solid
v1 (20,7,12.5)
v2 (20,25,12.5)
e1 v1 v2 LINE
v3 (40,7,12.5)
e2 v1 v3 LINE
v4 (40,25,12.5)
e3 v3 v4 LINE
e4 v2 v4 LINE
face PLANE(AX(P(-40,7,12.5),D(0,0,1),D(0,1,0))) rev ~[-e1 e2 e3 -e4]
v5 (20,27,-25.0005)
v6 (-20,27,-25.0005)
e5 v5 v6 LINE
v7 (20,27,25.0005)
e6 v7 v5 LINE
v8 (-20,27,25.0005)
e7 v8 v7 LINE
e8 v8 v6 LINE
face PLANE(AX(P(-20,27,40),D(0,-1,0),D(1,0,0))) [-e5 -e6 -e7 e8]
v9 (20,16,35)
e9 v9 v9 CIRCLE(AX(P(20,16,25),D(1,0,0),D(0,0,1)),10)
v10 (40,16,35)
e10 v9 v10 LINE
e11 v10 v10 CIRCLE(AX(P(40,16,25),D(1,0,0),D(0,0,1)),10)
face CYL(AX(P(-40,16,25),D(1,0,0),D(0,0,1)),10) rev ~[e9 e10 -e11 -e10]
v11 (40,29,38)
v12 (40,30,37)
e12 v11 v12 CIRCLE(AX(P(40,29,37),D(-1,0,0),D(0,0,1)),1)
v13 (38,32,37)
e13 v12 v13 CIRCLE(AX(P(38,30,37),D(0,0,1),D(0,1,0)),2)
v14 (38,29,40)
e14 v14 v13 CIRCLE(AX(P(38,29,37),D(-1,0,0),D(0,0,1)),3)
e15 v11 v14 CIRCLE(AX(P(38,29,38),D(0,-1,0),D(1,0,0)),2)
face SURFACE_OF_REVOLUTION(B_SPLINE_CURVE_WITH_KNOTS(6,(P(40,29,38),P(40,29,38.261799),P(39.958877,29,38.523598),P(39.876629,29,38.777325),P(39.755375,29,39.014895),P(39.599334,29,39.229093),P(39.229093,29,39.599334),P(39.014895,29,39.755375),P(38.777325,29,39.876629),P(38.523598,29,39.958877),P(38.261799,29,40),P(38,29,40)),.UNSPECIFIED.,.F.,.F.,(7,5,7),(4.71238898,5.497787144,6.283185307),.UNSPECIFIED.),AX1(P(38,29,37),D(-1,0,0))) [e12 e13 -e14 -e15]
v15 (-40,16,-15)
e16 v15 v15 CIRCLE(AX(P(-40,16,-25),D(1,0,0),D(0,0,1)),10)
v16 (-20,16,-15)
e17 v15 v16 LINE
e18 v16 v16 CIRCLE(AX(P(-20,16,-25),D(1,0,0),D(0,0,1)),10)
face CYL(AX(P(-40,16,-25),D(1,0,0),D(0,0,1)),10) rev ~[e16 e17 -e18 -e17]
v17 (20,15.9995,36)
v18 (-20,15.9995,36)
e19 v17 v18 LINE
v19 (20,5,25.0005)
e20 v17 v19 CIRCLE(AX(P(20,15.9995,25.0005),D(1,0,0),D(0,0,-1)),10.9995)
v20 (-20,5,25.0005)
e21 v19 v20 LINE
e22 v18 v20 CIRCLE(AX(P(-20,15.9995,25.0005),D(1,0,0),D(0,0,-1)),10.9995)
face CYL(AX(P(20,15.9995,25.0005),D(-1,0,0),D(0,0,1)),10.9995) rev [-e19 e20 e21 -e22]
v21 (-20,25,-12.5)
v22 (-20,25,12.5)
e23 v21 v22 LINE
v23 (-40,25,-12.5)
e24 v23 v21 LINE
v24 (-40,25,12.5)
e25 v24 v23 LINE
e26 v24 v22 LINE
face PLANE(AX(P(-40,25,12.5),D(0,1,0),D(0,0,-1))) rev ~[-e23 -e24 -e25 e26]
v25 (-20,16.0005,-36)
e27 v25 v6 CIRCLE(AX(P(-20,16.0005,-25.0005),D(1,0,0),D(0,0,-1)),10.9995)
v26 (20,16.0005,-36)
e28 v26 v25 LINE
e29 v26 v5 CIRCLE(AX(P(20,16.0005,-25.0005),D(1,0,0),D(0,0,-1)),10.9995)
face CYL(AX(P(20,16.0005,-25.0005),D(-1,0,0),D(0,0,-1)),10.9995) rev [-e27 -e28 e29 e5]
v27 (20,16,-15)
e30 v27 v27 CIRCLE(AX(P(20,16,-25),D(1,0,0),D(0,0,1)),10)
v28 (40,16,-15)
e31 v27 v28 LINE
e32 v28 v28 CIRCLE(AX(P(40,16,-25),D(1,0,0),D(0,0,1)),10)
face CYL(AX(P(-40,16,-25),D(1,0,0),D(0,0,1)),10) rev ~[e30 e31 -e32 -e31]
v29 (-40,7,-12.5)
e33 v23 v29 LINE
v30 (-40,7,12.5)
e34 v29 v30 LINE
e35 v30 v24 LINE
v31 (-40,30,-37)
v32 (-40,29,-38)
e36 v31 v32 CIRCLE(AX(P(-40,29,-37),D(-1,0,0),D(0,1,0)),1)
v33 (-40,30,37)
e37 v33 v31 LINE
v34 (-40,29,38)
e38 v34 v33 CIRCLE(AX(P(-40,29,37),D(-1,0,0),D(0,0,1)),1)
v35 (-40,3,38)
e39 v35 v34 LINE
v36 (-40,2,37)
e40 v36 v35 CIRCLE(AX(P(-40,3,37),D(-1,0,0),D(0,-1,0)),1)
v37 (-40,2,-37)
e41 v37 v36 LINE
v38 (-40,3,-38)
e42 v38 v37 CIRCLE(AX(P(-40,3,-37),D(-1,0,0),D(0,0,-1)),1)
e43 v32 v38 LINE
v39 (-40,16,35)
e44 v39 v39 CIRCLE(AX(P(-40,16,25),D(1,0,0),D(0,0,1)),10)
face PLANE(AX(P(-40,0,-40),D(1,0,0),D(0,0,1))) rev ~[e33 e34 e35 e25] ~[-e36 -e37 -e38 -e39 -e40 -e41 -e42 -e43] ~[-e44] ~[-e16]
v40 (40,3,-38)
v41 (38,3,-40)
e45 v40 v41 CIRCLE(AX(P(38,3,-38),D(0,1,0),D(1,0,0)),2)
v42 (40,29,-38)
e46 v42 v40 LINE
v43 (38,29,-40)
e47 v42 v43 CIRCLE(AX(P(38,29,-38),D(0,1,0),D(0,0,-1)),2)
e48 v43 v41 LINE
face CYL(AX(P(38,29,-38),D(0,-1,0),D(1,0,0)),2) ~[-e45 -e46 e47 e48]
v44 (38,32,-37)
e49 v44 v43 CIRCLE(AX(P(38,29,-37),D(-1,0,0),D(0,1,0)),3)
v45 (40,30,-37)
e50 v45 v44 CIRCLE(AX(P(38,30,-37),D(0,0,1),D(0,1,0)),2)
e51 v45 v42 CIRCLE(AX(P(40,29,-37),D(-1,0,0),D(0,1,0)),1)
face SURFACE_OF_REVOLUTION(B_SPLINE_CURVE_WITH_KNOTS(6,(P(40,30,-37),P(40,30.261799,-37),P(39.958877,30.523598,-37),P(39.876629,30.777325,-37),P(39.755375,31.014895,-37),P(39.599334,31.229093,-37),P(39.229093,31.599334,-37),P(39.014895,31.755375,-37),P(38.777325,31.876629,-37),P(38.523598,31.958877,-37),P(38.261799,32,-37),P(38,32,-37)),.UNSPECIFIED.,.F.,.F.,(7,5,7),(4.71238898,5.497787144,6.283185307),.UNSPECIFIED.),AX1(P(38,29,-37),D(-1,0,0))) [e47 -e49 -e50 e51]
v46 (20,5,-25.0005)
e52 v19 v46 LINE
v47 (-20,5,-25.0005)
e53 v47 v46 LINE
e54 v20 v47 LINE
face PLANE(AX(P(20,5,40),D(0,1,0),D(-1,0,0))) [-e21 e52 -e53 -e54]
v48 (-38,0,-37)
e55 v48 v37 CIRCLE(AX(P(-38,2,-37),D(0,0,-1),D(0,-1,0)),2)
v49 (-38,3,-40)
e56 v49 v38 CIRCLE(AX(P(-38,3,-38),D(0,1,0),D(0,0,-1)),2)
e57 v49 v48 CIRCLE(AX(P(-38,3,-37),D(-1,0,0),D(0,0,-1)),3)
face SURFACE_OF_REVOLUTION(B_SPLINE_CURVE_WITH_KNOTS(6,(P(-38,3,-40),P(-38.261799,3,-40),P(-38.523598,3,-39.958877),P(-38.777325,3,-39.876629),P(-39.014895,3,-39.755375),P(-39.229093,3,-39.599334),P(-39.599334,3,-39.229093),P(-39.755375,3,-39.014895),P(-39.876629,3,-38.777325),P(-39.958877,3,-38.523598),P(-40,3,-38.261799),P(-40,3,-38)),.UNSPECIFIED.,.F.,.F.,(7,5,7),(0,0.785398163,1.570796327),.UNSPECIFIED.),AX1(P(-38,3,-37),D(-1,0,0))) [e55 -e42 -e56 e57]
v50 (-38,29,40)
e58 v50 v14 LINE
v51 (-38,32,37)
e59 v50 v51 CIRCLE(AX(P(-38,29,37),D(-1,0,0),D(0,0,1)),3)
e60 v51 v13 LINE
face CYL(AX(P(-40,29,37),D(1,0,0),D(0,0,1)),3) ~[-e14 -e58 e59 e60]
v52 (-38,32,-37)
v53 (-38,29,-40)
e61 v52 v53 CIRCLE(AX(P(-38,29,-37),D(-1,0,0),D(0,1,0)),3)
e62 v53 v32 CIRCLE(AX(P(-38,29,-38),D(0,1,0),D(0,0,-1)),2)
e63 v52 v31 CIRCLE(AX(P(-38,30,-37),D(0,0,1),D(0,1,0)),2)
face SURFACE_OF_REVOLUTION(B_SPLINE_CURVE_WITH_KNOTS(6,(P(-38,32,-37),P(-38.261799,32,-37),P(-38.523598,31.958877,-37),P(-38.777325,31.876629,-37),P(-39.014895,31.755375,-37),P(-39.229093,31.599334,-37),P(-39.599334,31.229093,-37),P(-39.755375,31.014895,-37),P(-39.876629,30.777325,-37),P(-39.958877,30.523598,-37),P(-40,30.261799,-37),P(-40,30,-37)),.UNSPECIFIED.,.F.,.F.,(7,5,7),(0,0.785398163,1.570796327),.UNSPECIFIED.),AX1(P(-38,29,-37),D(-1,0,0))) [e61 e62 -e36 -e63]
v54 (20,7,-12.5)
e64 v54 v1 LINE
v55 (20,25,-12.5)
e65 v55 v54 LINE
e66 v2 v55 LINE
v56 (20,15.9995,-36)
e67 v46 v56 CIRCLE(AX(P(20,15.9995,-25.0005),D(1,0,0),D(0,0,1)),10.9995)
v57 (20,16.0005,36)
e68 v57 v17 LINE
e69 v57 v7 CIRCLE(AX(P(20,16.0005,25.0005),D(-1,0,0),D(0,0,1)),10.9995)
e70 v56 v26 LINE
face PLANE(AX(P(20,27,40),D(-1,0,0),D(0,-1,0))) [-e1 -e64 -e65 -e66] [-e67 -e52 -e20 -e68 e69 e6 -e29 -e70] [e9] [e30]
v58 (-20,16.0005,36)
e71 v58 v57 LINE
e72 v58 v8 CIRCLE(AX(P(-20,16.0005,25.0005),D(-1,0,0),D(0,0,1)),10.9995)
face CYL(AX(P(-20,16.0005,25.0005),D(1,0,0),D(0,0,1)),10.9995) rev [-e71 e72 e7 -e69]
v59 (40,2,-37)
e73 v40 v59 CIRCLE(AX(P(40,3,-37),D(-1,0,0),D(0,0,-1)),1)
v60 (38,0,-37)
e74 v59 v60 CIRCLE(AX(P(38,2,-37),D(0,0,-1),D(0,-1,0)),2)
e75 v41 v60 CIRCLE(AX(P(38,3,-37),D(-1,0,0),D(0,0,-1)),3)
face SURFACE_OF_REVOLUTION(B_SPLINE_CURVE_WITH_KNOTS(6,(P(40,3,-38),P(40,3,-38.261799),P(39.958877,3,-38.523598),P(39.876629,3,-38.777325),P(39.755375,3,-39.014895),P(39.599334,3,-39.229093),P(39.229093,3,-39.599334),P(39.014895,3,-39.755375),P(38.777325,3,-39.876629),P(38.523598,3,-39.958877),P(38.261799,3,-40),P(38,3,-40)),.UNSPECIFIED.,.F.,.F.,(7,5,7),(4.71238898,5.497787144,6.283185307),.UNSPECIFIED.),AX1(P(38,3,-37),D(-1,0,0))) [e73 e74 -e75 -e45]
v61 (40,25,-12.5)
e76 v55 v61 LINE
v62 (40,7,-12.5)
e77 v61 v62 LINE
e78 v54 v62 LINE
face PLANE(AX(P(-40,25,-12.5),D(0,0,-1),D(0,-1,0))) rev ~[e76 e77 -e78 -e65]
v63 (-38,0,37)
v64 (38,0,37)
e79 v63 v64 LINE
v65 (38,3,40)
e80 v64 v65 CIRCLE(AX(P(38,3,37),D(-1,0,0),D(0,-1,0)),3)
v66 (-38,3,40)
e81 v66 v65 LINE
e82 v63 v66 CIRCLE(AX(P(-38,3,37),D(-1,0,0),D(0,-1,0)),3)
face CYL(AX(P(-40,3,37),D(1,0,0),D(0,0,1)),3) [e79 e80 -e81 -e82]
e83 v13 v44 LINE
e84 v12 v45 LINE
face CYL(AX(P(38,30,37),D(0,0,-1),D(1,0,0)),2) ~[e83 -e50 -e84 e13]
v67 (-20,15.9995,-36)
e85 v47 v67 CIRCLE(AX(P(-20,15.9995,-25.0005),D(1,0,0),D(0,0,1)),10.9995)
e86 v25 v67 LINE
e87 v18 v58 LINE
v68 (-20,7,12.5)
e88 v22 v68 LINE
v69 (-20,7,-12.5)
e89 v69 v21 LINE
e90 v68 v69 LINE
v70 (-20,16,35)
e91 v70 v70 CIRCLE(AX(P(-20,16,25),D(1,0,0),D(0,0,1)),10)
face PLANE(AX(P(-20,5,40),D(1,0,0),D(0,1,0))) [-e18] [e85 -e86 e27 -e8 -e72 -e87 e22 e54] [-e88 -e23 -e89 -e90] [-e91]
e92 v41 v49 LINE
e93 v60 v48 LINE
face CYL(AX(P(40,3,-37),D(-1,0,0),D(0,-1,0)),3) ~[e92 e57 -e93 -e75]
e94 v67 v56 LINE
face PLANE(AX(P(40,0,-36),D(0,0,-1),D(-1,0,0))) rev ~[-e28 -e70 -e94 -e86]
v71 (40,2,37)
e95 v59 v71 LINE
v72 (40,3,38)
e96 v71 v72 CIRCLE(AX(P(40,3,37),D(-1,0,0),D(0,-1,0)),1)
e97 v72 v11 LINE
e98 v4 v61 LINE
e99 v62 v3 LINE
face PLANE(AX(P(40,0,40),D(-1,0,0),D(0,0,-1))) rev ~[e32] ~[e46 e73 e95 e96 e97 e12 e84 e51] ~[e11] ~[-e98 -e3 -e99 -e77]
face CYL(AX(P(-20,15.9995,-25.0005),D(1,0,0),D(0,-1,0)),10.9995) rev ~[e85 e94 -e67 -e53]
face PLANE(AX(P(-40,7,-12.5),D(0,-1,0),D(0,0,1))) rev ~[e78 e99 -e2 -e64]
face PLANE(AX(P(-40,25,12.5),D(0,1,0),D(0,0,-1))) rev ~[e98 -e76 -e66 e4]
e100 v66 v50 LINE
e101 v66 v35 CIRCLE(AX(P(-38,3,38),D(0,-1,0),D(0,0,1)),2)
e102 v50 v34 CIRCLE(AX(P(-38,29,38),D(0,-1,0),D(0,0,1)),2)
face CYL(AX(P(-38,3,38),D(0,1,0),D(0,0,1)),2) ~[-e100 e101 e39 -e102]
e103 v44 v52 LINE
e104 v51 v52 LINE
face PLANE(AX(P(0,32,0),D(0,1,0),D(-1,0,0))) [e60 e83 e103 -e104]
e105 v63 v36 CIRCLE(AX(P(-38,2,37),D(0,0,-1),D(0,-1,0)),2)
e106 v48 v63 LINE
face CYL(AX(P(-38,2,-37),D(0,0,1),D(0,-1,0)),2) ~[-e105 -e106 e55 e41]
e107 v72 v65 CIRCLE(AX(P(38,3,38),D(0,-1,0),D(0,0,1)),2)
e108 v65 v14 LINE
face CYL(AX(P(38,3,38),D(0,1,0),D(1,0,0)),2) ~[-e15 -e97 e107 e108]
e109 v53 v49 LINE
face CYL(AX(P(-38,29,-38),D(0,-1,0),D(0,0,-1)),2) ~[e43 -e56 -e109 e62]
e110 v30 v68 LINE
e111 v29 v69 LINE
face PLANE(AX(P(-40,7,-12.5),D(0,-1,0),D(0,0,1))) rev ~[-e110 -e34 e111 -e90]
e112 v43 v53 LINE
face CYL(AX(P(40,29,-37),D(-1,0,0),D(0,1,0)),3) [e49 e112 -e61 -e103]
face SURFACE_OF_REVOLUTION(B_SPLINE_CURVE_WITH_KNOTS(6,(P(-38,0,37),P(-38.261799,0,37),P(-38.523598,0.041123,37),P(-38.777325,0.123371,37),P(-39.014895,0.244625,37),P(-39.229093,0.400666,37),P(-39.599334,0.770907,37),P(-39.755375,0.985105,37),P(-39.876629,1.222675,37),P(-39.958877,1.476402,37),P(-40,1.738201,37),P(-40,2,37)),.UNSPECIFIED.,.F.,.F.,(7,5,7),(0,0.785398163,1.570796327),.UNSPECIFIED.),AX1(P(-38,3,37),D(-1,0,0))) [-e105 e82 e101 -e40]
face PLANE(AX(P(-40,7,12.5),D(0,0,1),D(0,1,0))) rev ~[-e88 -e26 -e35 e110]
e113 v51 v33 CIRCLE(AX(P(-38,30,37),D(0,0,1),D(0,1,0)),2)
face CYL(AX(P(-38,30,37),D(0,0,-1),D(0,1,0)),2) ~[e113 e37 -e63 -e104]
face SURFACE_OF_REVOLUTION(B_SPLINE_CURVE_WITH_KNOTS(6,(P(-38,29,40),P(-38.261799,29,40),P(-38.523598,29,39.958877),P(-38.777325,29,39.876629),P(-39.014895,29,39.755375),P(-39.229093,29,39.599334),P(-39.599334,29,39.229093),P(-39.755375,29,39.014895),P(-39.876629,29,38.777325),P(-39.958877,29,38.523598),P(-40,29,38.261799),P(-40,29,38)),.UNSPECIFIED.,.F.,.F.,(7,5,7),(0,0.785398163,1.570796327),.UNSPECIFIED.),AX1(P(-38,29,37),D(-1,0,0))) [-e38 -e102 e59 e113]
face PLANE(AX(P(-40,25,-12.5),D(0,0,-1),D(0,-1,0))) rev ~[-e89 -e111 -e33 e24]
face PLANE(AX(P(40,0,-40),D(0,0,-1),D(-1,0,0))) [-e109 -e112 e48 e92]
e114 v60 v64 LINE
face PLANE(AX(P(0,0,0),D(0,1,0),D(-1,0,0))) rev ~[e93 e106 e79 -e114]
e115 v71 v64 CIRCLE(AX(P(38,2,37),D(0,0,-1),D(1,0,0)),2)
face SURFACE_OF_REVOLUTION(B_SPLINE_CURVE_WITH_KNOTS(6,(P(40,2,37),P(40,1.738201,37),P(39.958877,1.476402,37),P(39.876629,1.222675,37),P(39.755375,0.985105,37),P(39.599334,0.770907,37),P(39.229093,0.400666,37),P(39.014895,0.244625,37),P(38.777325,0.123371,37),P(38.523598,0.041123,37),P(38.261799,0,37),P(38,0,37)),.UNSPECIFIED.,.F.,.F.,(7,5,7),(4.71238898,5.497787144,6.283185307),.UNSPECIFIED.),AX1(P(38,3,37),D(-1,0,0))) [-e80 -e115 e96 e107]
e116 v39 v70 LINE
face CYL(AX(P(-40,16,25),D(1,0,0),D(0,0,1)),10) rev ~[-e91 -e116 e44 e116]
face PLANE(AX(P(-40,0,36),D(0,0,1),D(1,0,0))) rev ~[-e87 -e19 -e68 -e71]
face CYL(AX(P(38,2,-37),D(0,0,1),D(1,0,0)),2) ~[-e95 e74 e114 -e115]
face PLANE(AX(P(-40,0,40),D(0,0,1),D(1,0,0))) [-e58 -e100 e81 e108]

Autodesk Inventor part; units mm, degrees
ref_plane "YZ Plane" through (0, 0, 0) normal (1, 0, 0) x (0, 1, 0)
ref_plane "XZ Plane" through (0, 0, 0) normal (0, 1, 0) x (-1, 0, 0)
ref_plane "XY Plane" through (0, 0, 0) normal (0, 0, 1) x (1, 0, 0)
sketch "Sketch1" plane through (0, 0, 0) normal (0, 1, 0) x (-1, 0, 0)
  line L0 (40, 40) -> (-40, 40)
  line L1 (-40, 40) -> (-40, -40)
  line L2 (-40, -40) -> (40, -40)
  line L3 (40, -40) -> (40, 40)
  point P0 (0, 0)
  point P1 (40, 0)
  point P2 (0, 40)
  dimension "d0" = 80
  dimension "d1" = 80
extrude "Extrusion1" add sketch "Sketch1" along normal blind 32
sketch "Sketch27" plane through (-40, 0, 40) normal (0, 0, 1) x (1, 0, 0)
  line L0 (20, 27) -> (60, 27)
  line L1 (60, 27) -> (60, 5)
  line L2 (60, 5) -> (20, 5)
  line L3 (20, 5) -> (20, 27)
  line L4 (0, 0) -> (80, 0) projected
  line L5 (0, 32) -> (80, 32) projected
  line L6 (0, 0) -> (0, 32) projected
  line L7 (80, 0) -> (80, 32) projected
  point P0 (40, 0)
  dimension "d171" = 5
  dimension "d172" = 5
  dimension "d173" = 20
  dimension "d174" = 20
extrude "Extrusion21" cut sketch "Sketch27" against normal up to next contours L0 L1 L2 L3
sketch "Sketch28" plane through (-40, 0, -40) normal (-1, 0, 0) x (0, 0, 1)
  line L0 (0, 0) -> (0, 32) projected
  point P0 (40, 0)
  point P1 (15, 16)
  point P2 (65, 16)
  point P3 (0, 16)
  point P4 (0, 16)
  dimension "d177" = 25
  dimension "d178" = 25
hole "Hole8" at (-40, 16, -25) at (-40, 16, 25) direction (1, 0, 0) diameter 20 end through all
sketch "Sketch29" plane through (-40, 0, -40) normal (-1, 0, 0) x (0, 0, 1)
  line L0 (52.5, 25) -> (27.5, 25)
  line L1 (27.5, 25) -> (27.5, 7)
  line L2 (27.5, 7) -> (52.5, 7)
  line L3 (52.5, 7) -> (52.5, 25)
  line L4 (0, 32) -> (80, 32) projected
  line L5 (0, 0) -> (80, 0) projected
  point P0 (40, 0)
  point P1 (40, 7)
  point P2 (40, 0)
  dimension "d186" = 7
  dimension "d187" = 7
  dimension "d188" = 25
extrude "Extrusion22" cut sketch "Sketch29" against normal through all
extrude "Extrusion23" add sketch "Sketch27" against normal blind 4 contours L0 L1 L2 L3
sketch "Sketch30" plane through (40, 0, -40) normal (0, 0, -1) x (-1, 0, 0)
  line L0 (20, 27) -> (60, 27) projected
  line L1 (60, 5) -> (20, 5)
  line L2 (20, 5) -> (20, 27)
  line L3 (20, 27) -> (60, 27)
  line L4 (60, 27) -> (60, 5)
  point P0 (40, 0)
extrude "Extrusion24" add sketch "Sketch30" against normal blind 4
fillet "Fillet23" radius 11 4 edges at (0, 5, -36) (0, 27, -36) (0, 27, 36) (0, 5, 36)
fillet "Fillet24" radius 3 4 edges at (0, 32, 40) (0, 0, 40) (0, 32, -40) (0, 0, -40)
fillet "Fillet25" radius 2 16 edges at (40, 31.1213, -39.1213) (40, 16, -40) (40, 0.8787, -39.1213) (40, 0, 0) (40, 0.8787, 39.1213) (40, 16, 40) (40, 31.1213, 39.1213) (40, 32, 0) (-40, 31.1213, 39.1213) (-40, 16, 40) (-40, 0.8787, 39.1213) (-40, 0, 0) (-40, 0.8787, -39.1213) (-40, 16, -40) (-40, 31.1213, -39.1213) (-40, 32, 0)
properties part number "Y_Slider_Part_mit_Schrittmotor"
